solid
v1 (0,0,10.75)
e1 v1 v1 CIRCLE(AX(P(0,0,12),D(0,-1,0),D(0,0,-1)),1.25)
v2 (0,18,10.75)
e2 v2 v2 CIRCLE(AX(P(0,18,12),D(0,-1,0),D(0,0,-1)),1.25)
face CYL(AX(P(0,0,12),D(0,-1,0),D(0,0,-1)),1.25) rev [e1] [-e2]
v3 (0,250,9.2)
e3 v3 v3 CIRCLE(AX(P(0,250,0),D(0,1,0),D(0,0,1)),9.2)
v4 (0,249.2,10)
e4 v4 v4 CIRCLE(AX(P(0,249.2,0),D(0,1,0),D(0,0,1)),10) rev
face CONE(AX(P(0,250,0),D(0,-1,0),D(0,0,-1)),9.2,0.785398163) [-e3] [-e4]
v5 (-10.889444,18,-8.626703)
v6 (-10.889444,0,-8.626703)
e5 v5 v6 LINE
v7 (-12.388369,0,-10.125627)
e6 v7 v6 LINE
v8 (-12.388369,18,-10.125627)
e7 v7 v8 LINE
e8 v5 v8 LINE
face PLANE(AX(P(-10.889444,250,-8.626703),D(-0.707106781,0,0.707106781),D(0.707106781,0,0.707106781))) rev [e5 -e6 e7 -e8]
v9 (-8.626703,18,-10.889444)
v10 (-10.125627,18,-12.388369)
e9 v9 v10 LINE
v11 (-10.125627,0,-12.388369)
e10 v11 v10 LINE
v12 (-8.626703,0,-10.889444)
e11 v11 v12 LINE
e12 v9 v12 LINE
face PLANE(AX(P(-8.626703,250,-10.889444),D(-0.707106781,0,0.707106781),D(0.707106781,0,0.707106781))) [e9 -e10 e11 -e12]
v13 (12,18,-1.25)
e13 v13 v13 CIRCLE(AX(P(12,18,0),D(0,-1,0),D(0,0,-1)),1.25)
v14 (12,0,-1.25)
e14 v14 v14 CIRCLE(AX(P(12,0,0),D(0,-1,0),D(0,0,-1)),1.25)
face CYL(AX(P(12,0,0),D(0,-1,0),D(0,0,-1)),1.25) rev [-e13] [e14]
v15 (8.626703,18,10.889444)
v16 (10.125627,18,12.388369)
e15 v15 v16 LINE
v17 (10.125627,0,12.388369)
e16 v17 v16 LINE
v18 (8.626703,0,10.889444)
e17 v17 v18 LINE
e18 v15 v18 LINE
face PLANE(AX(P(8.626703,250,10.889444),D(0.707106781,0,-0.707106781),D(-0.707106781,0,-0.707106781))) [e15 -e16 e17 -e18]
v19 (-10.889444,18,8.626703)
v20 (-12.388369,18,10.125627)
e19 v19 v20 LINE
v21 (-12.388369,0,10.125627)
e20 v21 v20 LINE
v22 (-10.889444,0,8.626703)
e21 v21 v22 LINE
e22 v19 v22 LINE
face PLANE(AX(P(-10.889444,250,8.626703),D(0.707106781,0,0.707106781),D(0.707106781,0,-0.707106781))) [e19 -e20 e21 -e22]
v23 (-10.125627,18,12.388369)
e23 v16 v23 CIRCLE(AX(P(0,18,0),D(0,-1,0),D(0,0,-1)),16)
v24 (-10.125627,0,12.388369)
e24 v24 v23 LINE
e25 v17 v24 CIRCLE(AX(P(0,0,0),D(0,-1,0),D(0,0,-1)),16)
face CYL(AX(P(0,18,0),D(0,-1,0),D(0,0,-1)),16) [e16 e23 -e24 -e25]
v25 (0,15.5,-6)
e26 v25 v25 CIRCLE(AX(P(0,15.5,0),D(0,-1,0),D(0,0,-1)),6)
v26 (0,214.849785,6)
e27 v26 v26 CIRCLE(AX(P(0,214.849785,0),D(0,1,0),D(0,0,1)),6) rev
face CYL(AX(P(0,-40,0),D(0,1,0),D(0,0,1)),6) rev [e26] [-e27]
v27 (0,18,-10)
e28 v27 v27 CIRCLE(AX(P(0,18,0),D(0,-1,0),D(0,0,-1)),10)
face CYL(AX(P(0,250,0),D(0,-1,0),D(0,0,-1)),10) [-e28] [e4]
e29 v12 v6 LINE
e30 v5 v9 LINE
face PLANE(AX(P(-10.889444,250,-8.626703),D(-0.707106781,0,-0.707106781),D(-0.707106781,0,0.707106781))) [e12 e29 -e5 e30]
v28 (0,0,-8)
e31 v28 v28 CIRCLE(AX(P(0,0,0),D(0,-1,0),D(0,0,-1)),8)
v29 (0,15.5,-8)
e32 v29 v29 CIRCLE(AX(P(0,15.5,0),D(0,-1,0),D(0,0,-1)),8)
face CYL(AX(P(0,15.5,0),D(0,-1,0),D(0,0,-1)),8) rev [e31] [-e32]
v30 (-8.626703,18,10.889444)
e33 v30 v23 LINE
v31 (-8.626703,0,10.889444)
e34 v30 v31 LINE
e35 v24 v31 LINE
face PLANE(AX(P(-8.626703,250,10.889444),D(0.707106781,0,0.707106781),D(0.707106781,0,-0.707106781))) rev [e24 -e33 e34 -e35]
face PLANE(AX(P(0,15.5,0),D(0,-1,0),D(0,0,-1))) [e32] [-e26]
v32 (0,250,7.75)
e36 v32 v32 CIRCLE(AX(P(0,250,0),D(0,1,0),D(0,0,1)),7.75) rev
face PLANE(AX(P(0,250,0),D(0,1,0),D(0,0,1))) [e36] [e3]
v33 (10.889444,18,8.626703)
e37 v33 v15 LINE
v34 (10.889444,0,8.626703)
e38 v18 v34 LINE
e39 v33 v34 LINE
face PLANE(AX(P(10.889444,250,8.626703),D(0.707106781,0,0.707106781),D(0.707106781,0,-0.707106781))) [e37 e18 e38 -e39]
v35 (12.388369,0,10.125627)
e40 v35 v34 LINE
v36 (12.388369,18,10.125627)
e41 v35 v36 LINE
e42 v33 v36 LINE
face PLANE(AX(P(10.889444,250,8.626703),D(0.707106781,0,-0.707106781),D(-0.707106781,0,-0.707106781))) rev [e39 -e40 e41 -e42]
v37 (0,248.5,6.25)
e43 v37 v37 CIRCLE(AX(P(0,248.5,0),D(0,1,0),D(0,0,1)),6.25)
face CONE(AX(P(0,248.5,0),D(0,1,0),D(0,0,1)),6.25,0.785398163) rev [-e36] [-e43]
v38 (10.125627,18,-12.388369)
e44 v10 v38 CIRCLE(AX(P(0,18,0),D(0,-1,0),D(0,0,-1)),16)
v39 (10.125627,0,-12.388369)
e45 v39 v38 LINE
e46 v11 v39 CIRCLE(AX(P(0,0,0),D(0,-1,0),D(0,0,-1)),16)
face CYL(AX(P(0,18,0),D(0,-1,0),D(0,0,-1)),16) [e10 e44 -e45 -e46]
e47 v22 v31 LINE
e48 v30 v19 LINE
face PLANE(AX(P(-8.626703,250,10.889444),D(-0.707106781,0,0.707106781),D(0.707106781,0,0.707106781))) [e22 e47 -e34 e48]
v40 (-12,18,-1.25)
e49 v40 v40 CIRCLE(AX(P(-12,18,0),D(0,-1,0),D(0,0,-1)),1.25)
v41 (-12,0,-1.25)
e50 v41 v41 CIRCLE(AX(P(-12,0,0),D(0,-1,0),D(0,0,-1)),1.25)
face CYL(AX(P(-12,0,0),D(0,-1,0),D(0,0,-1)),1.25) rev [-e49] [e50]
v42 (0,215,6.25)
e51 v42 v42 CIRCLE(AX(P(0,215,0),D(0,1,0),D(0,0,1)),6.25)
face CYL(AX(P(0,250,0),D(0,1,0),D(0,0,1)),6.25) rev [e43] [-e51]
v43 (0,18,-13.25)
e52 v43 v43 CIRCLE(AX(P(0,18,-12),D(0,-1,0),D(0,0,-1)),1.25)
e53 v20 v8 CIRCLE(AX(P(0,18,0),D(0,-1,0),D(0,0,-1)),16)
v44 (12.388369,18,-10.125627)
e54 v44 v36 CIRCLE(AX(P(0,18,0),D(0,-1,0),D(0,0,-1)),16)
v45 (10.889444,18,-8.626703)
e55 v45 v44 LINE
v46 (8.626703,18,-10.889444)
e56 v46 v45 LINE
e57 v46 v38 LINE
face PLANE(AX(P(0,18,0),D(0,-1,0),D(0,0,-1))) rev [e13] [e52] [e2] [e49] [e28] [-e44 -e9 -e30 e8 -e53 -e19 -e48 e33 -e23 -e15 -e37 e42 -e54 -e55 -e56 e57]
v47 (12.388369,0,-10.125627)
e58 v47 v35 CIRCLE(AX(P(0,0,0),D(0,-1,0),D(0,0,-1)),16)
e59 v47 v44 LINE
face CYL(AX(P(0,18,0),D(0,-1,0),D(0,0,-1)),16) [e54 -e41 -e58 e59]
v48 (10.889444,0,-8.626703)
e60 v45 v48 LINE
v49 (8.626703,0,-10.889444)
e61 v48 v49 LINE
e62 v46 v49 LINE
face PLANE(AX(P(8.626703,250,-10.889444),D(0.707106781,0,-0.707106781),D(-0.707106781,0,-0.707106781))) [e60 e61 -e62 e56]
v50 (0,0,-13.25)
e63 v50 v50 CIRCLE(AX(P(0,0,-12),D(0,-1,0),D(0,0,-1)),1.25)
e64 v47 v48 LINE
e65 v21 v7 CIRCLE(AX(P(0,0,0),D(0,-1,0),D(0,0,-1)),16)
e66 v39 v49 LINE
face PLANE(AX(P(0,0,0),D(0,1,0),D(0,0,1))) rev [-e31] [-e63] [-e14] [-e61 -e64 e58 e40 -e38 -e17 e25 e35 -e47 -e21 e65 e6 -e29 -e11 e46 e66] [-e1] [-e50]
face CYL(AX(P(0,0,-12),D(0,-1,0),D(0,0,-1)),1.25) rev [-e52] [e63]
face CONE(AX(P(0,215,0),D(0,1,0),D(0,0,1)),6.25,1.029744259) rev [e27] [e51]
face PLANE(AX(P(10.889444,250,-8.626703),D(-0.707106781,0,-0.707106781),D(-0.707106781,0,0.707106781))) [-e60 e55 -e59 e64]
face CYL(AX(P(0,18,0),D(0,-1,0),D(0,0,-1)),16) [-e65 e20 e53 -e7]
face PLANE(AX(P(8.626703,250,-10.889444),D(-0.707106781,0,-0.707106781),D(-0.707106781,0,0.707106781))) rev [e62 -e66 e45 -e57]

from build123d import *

# Parameters (mm, degrees)
SKETCH_1_R               = 10
EXTRUDE_1_DEPTH          = 250
SKETCH_6_R               = 16
EXTRUDE_2_DEPTH          = 18
CUT_EXTRUDE_START        = 30
SKETCH_2_R               = 6
CUT_EXTRUDE_1_DEPTH      = 260
M14X1_5_1_D              = 12.5
M14X1_5_1_DEPTH          = 35
M14X1_5_1_TIP            = 3.755378869
CHAMFER_1_SIZE           = 1.5
SKETCH_8_R               = 8
CUT_EXTRUDE_2_DEPTH      = 15.5
HOLE_WIZARD_M3_1_D       = 2.5
HOLE_WIZARD_M3_1_DEPTH   = 25
HOLE_WIZARD_M3_1_TIP     = 0.751075774
CUT_EXTRUDE_1_2_DEPTH    = 252.021911394
PATTERN_CIRCULAR_1_COUNT = 4
CHAMFER_2_SIZE           = 0.8


with BuildPart() as part:
    # 草图1 → 凸台-拉伸1 (new body)
    with BuildSketch(Plane(origin=(0, 0, 0), x_dir=(1, 0, 0), z_dir=(0, 1, 0))):
        with Locations(Location((0, 0, 0), (0, 0, 270))):
            Circle(SKETCH_1_R)
    extrude(amount=EXTRUDE_1_DEPTH)

    # 草图6 → 凸台-拉伸2 (add)
    with BuildSketch(Plane.XZ):
        with Locations(Location((0, 0, 0), (0, 0, 270))):
            Circle(SKETCH_6_R)
    extrude(amount=-EXTRUDE_2_DEPTH)

    # 草图2 → Cut-Extrude 1 (cut)
    with BuildSketch(Plane.XZ.offset(-250).offset(CUT_EXTRUDE_START)):
        with Locations(Location((0, 0, 0), (0, 0, 90))):
            Circle(SKETCH_2_R)
    extrude(amount=CUT_EXTRUDE_1_DEPTH, mode=Mode.SUBTRACT)

    # M14x1.5 螺纹孔1
    with Locations(Plane(origin=(0, 250, 0), x_dir=(1, 0, 0), z_dir=(0, 1, 0))):
        with Locations((0, 0)):
            Hole(M14X1_5_1_D / 2, depth=M14X1_5_1_DEPTH)
            with Locations((0, 0, -(M14X1_5_1_DEPTH + M14X1_5_1_TIP / 2))):  # 118° drill point
                Cone(0, M14X1_5_1_D / 2, M14X1_5_1_TIP, mode=Mode.SUBTRACT)

    # 倒角1
    chamfer_1_edges = [part.edges().sort_by_distance(p)[0] for p in [
        (6.25, 250, 0),
    ]]
    chamfer(chamfer_1_edges, length=CHAMFER_1_SIZE)

    # 草图8 → 切除-拉伸2 (cut)
    with BuildSketch(Plane.XZ):
        with Locations(Location((0, 0, 0), (0, 0, 270))):
            Circle(SKETCH_8_R)
    extrude(amount=-CUT_EXTRUDE_2_DEPTH, mode=Mode.SUBTRACT)

    # M3 螺纹孔1
    with Locations(Plane(origin=(0, 0, 0), x_dir=(-1, 0, 0), z_dir=(0, -1, 0))):
        with Locations((0, 12), (12, 0), (0, -12), (-12, 0)):
            Hole(HOLE_WIZARD_M3_1_D / 2, depth=HOLE_WIZARD_M3_1_DEPTH)
            with Locations((0, 0, -(HOLE_WIZARD_M3_1_DEPTH + HOLE_WIZARD_M3_1_TIP / 2))):  # 118° drill point
                Cone(0, HOLE_WIZARD_M3_1_D / 2, HOLE_WIZARD_M3_1_TIP, mode=Mode.SUBTRACT)

    # 草图13 → Cut-Extrude 1 2 (cut, symmetric)
    with BuildSketch(Plane.XZ):
        Polygon((-8.62670273, 10.88944443), (-10.182337649, 12.445079349), (-12.445079349, 10.182337649), (-10.88944443, 8.62670273), align=None)
    cut_extrude_1_2 = extrude(amount=CUT_EXTRUDE_1_2_DEPTH, both=True, mode=Mode.SUBTRACT)

    # 阵列(圆周)1: Cut-Extrude 1 2 ×4 about axis
    pattern_circular_1_axis = Axis((0, 0, 0), (0, 1, 0))
    for i in range(1, PATTERN_CIRCULAR_1_COUNT):
        add(cut_extrude_1_2.rotate(pattern_circular_1_axis, i * 360 / PATTERN_CIRCULAR_1_COUNT), mode=Mode.SUBTRACT)

    # 倒角2
    chamfer_2_edges = [part.edges().sort_by_distance(p)[0] for p in [
        (0, 250, -10),
    ]]
    chamfer(chamfer_2_edges, length=CHAMFER_2_SIZE)


solid = part.part
